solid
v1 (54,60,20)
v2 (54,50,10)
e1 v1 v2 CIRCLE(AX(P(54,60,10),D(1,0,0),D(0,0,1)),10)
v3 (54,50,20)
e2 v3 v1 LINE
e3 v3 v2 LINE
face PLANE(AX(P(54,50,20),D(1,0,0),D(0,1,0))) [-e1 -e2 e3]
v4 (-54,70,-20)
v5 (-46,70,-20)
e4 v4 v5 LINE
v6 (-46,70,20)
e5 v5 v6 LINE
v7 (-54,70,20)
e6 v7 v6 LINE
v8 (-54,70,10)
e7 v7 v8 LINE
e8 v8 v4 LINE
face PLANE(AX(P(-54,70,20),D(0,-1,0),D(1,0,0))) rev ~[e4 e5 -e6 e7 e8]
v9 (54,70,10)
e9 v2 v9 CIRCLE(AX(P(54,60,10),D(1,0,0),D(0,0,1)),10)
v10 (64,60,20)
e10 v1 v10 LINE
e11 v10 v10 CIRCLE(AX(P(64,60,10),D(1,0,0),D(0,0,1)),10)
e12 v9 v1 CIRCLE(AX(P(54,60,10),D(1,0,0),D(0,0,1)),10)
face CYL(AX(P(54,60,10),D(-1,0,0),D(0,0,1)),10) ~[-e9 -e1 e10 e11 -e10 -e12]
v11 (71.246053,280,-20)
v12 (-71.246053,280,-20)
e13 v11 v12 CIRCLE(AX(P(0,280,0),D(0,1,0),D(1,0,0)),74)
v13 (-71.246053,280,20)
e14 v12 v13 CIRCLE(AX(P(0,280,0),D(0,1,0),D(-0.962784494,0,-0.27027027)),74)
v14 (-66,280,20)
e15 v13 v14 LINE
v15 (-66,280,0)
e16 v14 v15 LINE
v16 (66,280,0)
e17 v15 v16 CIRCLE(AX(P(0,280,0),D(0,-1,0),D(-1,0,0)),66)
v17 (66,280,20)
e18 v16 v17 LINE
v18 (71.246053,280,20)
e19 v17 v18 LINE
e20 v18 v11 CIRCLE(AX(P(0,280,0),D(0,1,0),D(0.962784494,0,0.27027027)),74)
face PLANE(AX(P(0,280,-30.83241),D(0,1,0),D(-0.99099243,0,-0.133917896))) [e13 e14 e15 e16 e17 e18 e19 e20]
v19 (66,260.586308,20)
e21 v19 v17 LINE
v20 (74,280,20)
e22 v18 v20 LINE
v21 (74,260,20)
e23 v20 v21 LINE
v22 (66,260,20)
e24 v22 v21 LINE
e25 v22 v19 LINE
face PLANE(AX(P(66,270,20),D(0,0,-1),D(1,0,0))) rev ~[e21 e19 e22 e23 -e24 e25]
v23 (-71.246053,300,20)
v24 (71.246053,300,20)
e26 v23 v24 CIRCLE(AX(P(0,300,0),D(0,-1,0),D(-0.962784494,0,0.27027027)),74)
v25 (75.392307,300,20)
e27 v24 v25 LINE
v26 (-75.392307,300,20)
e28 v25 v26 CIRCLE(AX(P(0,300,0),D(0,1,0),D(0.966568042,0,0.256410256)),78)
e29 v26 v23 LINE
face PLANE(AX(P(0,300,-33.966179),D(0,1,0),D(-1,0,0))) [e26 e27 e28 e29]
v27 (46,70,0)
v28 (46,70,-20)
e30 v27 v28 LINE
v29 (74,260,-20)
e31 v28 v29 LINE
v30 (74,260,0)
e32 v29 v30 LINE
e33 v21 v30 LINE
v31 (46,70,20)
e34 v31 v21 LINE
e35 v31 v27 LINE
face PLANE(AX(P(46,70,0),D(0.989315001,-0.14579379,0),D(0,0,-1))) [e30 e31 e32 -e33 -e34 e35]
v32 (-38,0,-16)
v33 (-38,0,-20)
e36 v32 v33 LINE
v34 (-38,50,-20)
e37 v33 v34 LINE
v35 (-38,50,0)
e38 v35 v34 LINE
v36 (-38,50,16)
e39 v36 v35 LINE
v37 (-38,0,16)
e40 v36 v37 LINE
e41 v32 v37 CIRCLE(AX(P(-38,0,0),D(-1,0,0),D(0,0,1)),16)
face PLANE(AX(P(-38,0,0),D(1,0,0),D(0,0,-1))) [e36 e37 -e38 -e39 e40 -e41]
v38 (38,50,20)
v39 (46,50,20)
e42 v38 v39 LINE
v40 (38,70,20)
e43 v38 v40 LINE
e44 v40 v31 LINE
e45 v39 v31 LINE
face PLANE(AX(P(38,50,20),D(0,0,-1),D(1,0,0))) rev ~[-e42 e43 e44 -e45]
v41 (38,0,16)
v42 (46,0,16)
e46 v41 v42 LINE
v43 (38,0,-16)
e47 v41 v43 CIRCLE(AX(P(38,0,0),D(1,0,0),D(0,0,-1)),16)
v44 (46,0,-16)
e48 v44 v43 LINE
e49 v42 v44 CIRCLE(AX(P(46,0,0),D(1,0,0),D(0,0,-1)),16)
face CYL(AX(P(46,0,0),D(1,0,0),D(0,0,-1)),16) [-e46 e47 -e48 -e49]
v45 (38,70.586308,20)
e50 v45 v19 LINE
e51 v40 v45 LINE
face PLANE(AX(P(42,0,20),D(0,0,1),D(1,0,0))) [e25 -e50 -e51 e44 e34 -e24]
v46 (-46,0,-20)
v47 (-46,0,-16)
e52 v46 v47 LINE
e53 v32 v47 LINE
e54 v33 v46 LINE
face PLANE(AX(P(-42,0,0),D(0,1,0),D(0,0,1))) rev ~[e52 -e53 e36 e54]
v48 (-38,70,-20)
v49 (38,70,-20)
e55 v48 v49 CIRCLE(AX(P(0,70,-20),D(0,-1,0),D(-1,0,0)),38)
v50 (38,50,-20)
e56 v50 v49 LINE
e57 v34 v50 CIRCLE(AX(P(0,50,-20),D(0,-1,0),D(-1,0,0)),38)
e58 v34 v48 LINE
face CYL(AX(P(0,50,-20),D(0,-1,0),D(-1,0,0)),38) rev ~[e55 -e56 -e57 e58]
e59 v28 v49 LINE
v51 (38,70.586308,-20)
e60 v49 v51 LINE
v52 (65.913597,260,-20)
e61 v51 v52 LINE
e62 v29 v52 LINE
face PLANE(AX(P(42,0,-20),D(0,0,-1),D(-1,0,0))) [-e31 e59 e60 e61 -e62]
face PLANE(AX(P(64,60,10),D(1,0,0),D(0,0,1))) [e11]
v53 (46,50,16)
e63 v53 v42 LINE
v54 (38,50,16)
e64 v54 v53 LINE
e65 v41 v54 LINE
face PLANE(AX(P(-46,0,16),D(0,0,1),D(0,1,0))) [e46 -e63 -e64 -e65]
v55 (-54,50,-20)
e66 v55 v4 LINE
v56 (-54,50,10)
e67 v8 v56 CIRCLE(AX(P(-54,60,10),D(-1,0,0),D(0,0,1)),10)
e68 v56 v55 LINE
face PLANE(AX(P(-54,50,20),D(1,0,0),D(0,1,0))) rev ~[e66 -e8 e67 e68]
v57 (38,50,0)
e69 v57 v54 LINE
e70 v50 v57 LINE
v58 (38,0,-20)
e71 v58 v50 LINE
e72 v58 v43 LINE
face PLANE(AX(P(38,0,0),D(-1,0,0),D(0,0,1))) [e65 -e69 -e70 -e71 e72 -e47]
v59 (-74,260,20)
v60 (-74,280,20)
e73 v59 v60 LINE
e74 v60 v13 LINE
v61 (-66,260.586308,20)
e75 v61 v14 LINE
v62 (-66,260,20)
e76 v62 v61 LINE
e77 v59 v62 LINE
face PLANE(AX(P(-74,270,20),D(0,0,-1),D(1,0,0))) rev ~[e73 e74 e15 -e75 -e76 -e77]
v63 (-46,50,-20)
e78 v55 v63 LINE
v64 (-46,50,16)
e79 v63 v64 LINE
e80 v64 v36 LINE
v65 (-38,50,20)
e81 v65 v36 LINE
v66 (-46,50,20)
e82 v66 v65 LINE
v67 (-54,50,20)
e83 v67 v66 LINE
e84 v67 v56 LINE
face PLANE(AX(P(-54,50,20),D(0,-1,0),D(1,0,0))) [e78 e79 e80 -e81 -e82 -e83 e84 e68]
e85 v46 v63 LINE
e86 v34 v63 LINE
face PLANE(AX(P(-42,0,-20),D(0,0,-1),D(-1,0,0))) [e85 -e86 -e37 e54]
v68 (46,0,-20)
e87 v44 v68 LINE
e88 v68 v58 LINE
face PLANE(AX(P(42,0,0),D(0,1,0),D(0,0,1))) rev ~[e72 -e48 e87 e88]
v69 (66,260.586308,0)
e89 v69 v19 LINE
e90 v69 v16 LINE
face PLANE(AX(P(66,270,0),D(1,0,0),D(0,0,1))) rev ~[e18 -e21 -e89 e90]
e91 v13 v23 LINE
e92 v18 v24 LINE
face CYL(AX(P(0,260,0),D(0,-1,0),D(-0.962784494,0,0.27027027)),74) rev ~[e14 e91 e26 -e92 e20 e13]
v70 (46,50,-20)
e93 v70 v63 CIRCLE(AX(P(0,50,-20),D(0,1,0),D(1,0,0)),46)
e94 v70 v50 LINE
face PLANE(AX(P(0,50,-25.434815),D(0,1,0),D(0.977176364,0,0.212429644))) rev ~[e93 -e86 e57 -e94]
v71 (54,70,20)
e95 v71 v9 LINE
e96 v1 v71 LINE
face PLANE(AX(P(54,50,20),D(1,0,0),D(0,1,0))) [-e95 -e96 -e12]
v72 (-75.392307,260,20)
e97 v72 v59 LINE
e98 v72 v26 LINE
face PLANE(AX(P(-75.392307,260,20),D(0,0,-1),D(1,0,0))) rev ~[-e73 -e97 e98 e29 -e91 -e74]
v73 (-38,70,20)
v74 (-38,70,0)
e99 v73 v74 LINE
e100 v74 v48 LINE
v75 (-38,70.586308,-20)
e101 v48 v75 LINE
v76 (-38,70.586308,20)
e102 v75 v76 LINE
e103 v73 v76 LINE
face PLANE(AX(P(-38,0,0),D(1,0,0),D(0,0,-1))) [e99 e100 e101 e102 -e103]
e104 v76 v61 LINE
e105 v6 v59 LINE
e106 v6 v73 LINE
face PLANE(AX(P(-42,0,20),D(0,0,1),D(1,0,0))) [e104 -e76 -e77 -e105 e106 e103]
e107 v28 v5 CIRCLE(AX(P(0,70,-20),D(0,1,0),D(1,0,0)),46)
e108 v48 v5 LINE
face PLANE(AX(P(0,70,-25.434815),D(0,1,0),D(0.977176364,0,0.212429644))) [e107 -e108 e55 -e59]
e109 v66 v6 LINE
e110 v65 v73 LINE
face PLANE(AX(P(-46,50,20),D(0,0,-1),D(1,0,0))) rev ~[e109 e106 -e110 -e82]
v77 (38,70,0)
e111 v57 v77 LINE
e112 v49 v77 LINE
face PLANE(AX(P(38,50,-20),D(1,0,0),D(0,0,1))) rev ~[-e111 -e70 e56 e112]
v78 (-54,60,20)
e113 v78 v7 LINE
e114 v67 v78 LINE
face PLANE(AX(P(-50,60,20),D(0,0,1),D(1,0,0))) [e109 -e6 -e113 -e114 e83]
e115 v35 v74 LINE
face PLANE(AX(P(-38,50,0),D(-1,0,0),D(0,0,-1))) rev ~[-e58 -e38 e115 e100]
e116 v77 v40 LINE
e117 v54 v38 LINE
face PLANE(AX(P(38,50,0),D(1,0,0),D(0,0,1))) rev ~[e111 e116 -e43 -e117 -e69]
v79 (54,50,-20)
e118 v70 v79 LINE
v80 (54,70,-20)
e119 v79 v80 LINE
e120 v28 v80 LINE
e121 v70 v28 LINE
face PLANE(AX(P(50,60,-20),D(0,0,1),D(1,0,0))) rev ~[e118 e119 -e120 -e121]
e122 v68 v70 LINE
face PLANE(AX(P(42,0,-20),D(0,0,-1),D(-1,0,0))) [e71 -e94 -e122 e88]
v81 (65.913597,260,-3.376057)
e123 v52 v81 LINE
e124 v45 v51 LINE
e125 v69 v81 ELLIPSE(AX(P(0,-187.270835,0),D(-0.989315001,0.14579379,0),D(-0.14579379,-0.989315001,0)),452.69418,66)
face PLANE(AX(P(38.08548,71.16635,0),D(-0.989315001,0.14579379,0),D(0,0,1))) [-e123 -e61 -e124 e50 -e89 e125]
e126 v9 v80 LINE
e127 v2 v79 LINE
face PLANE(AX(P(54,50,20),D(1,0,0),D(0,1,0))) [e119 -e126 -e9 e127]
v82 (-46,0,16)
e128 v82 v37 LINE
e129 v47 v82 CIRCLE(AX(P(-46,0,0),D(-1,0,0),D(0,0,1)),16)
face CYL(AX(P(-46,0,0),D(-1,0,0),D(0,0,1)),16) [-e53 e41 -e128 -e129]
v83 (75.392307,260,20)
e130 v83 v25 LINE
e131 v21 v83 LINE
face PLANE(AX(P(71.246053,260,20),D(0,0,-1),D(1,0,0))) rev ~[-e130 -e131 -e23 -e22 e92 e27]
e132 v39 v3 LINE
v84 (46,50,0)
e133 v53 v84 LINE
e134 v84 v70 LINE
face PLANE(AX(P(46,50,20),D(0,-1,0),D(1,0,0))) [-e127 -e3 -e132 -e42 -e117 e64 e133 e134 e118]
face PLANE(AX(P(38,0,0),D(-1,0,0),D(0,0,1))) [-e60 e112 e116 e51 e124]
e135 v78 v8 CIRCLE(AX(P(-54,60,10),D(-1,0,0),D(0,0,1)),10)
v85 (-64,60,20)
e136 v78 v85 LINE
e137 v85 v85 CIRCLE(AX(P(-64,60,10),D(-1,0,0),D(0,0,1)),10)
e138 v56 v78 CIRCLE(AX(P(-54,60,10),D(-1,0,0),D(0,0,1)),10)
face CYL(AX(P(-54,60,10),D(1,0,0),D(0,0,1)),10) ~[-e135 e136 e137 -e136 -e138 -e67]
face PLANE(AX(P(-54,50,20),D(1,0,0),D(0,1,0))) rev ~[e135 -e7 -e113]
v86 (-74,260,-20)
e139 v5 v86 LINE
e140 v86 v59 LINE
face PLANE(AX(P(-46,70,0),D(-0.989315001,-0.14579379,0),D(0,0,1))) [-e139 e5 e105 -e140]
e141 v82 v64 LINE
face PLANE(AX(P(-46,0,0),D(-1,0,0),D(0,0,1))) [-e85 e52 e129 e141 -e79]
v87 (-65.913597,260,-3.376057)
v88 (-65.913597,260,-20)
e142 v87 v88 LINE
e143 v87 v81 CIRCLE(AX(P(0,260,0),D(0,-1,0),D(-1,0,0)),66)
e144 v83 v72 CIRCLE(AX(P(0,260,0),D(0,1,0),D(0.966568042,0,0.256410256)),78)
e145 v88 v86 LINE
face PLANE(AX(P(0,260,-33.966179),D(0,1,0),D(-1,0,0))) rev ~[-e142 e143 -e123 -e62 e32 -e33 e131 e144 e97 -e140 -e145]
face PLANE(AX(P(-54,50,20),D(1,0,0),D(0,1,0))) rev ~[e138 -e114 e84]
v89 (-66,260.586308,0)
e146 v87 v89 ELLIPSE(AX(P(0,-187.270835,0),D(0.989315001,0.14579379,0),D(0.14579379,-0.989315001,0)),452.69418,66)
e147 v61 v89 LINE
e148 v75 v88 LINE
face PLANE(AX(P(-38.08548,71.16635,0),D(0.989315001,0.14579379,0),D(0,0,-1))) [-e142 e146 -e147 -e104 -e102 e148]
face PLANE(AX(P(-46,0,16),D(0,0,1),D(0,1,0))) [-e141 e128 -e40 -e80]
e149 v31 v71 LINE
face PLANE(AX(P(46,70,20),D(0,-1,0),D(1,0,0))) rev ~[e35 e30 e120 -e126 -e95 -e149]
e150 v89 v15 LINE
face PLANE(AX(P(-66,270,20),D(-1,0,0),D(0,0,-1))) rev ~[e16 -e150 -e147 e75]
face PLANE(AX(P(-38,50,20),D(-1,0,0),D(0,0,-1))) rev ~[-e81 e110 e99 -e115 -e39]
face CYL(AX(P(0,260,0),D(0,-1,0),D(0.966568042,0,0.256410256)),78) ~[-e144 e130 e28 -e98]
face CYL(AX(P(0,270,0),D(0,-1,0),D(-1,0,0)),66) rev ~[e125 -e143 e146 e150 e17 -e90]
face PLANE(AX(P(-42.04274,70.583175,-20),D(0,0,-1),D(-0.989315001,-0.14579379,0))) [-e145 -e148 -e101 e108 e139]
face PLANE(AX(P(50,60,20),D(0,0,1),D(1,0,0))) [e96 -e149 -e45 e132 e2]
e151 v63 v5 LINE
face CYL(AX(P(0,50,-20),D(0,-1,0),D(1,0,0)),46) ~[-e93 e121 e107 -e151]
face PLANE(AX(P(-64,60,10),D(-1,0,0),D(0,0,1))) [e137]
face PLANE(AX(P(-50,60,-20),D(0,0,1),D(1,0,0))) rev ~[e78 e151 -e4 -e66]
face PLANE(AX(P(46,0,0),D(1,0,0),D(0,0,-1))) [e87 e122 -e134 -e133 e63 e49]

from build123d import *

# Parameters (mm, degrees)
EXTRUDE_4_DEPTH     = 10
EXTRUDE_8_DEPTH     = 20
SKETCH_16_W         = 8
SKETCH_16_H         = 40
SKETCH_19_W         = 8
SKETCH_19_H         = 40
SKETCH_21_R         = 16
EXTRUDE_13_DEPTH    = 8
SKETCH_22_R         = 16
EXTRUDE_14_DEPTH    = 8
SKETCH_23_W         = 7.590296008
SKETCH_23_H         = 50
CUT_EXTRUDE_2_DEPTH = 314.490031739
EXTRUDE_15_DEPTH    = 40
SKETCH_29_W         = 8
SKETCH_29_H         = 20
EXTRUDE_19_DEPTH    = 40
SKETCH_33_R         = 10
EXTRUDE_22_DEPTH    = 10
SKETCH_34_R         = 10
EXTRUDE_23_DEPTH    = 10


with BuildPart() as part:
    # Sketch 3D_1 → 凸台-拉伸4 (new, symmetric)
    with BuildSketch(Plane(origin=(-74, 270, 0), x_dir=(0.9909924304103234, 0, 0.13391789600139506), z_dir=(0, -1, 0))):
        with BuildLine():
            Line((0, 0), (2.67835792, 19.819848608))
            Line((2.67835792, 19.819848608), (10.606297363, 18.74850544))
            Line((10.606297363, 18.74850544), (7.927939443, -1.071343168))
            ThreePointArc((7.927939443, -1.071343168), (64.494858714, -75.315424711), (138.738940257, -18.74850544))
            Line((138.738940257, -18.74850544), (141.417298177, 1.071343168))
            Line((141.417298177, 1.071343168), (149.345237621, 0))
            Line((149.345237621, 0), (146.666879701, -19.819848608))
            ThreePointArc((146.666879701, -19.819848608), (63.423515546, -83.243364154), (0, 0))
        make_face()
    extrude(amount=EXTRUDE_4_DEPTH, both=True)



with BuildPart() as body_2:
    # Sketch 3D_2 → 凸台-拉伸8 (new body)
    with BuildSketch(Plane(origin=(-46, 50, 0), x_dir=(0.9771763639228009, 0, 0.2124296443310437), z_dir=(0, 1, 0))):
        with BuildLine():
            Line((0, 0), (4.248592887, -19.543527278))
            Line((4.248592887, -19.543527278), (12.066003798, -17.844090124))
            Line((12.066003798, -17.844090124), (7.817410911, 1.699437155))
            Line((7.817410911, 1.699437155), (3.568818025, 21.242964433))
            ThreePointArc((3.568818025, 21.242964433), (32.629193369, 66.447992747), (77.834221683, 37.387617402))
            Line((77.834221683, 37.387617402), (82.08281457, 17.844090124))
            Line((82.08281457, 17.844090124), (86.331407456, -1.699437155))
            Line((86.331407456, -1.699437155), (94.148818368, 0))
            Line((94.148818368, 0), (89.900225481, 19.543527278))
            Line((89.900225481, 19.543527278), (85.651632594, 39.087054557))
            ThreePointArc((85.651632594, 39.087054557), (30.929756215, 74.265403658), (-4.248592887, 19.543527278))
            Line((-4.248592887, 19.543527278), (0, 0))
        make_face()
    extrude(amount=EXTRUDE_8_DEPTH)


with BuildPart() as part_1:
    add(part.part)

    add(body_2.part)  # 扫描5 merges body 2
    # 扫描5: sweep along a path in 草图18
    with BuildLine(Plane.XY.offset(20)) as sweep_5_path:
        Line((-46, 0), (-46, 50))
        Line((-46, 50), (-46, 70))
        Line((-46, 70), (-74, 260))
        Line((-74, 260), (-74, 280))
    # 草图16 → 扫描5 (sweep)
    with BuildSketch(Plane(origin=(0, 0, 0), x_dir=(1, 0, 0), z_dir=(0, 1, 0))):
        with Locations((-42, 0)):
            Rectangle(SKETCH_16_W, SKETCH_16_H)
    sweep(path=sweep_5_path.line, transition=Transition.RIGHT)

    # 扫描6: sweep along a path in 草图20
    with BuildLine(Plane.XY.offset(20)) as sweep_6_path:
        Line((46, 0), (46, 50))
        Line((46, 50), (46, 70))
        Line((46, 70), (74, 260))
        Line((74, 260), (74, 280))
    # 草图19 → 扫描6 (sweep)
    with BuildSketch(Plane(origin=(0, 0, 0), x_dir=(1, 0, 0), z_dir=(0, 1, 0))):
        with Locations((42, 0)):
            Rectangle(SKETCH_19_W, SKETCH_19_H)
    sweep(path=sweep_6_path.line, transition=Transition.RIGHT)

    # 草图21 → 凸台-拉伸13 (add)
    with BuildSketch(Plane(origin=(46, 0, 0), x_dir=(0, 0, -1), z_dir=(1, 0, 0))):
        Circle(SKETCH_21_R)
    extrude(amount=-EXTRUDE_13_DEPTH)

    # 草图22 → 凸台-拉伸14 (add)
    with BuildSketch(Plane.ZY.offset(46)):
        Circle(SKETCH_22_R)
    extrude(amount=-EXTRUDE_14_DEPTH)

    # 草图23 → 切除-拉伸2 (cut, through all)
    with BuildSketch(Plane.ZY.offset(46)):
        with Locations((19.795148004, 25)):
            Rectangle(SKETCH_23_W, SKETCH_23_H)
    extrude(amount=-CUT_EXTRUDE_2_DEPTH, mode=Mode.SUBTRACT)

    # 草图25 → 凸台-拉伸15 (add)
    with BuildSketch(Plane.XZ.offset(-260)):
        with BuildLine():
            Line((71.246052522, 20), (75.3923073, 20))
            ThreePointArc((75.3923073, 20), (0, -78), (-75.3923073, 20))
            Line((-75.3923073, 20), (-71.246052522, 20))
            ThreePointArc((-71.246052522, 20), (0, -74), (71.246052522, 20))
        make_face()
    extrude(amount=-EXTRUDE_15_DEPTH)

    # 草图29 → 凸台-拉伸19 (add)
    with BuildSketch(Plane.XY.offset(20)):
        with Locations((-50, 60)):
            Rectangle(SKETCH_29_W, SKETCH_29_H)
        with Locations((50, 60)):
            Rectangle(SKETCH_29_W, SKETCH_29_H)
    extrude(amount=-EXTRUDE_19_DEPTH)

    # 草图33 → 凸台-拉伸22 (add)
    with BuildSketch(Plane.ZY.offset(54)):
        with Locations((10, 60)):
            Circle(SKETCH_33_R)
    extrude(amount=EXTRUDE_22_DEPTH)

    # 草图34 → 凸台-拉伸23 (add)
    with BuildSketch(Plane(origin=(54, 0, 0), x_dir=(0, 0, -1), z_dir=(1, 0, 0))):
        with Locations(Location((-10, 60, 0), (0, 0, 180))):
            Circle(SKETCH_34_R)
    extrude(amount=EXTRUDE_23_DEPTH)


solid = part_1.part
